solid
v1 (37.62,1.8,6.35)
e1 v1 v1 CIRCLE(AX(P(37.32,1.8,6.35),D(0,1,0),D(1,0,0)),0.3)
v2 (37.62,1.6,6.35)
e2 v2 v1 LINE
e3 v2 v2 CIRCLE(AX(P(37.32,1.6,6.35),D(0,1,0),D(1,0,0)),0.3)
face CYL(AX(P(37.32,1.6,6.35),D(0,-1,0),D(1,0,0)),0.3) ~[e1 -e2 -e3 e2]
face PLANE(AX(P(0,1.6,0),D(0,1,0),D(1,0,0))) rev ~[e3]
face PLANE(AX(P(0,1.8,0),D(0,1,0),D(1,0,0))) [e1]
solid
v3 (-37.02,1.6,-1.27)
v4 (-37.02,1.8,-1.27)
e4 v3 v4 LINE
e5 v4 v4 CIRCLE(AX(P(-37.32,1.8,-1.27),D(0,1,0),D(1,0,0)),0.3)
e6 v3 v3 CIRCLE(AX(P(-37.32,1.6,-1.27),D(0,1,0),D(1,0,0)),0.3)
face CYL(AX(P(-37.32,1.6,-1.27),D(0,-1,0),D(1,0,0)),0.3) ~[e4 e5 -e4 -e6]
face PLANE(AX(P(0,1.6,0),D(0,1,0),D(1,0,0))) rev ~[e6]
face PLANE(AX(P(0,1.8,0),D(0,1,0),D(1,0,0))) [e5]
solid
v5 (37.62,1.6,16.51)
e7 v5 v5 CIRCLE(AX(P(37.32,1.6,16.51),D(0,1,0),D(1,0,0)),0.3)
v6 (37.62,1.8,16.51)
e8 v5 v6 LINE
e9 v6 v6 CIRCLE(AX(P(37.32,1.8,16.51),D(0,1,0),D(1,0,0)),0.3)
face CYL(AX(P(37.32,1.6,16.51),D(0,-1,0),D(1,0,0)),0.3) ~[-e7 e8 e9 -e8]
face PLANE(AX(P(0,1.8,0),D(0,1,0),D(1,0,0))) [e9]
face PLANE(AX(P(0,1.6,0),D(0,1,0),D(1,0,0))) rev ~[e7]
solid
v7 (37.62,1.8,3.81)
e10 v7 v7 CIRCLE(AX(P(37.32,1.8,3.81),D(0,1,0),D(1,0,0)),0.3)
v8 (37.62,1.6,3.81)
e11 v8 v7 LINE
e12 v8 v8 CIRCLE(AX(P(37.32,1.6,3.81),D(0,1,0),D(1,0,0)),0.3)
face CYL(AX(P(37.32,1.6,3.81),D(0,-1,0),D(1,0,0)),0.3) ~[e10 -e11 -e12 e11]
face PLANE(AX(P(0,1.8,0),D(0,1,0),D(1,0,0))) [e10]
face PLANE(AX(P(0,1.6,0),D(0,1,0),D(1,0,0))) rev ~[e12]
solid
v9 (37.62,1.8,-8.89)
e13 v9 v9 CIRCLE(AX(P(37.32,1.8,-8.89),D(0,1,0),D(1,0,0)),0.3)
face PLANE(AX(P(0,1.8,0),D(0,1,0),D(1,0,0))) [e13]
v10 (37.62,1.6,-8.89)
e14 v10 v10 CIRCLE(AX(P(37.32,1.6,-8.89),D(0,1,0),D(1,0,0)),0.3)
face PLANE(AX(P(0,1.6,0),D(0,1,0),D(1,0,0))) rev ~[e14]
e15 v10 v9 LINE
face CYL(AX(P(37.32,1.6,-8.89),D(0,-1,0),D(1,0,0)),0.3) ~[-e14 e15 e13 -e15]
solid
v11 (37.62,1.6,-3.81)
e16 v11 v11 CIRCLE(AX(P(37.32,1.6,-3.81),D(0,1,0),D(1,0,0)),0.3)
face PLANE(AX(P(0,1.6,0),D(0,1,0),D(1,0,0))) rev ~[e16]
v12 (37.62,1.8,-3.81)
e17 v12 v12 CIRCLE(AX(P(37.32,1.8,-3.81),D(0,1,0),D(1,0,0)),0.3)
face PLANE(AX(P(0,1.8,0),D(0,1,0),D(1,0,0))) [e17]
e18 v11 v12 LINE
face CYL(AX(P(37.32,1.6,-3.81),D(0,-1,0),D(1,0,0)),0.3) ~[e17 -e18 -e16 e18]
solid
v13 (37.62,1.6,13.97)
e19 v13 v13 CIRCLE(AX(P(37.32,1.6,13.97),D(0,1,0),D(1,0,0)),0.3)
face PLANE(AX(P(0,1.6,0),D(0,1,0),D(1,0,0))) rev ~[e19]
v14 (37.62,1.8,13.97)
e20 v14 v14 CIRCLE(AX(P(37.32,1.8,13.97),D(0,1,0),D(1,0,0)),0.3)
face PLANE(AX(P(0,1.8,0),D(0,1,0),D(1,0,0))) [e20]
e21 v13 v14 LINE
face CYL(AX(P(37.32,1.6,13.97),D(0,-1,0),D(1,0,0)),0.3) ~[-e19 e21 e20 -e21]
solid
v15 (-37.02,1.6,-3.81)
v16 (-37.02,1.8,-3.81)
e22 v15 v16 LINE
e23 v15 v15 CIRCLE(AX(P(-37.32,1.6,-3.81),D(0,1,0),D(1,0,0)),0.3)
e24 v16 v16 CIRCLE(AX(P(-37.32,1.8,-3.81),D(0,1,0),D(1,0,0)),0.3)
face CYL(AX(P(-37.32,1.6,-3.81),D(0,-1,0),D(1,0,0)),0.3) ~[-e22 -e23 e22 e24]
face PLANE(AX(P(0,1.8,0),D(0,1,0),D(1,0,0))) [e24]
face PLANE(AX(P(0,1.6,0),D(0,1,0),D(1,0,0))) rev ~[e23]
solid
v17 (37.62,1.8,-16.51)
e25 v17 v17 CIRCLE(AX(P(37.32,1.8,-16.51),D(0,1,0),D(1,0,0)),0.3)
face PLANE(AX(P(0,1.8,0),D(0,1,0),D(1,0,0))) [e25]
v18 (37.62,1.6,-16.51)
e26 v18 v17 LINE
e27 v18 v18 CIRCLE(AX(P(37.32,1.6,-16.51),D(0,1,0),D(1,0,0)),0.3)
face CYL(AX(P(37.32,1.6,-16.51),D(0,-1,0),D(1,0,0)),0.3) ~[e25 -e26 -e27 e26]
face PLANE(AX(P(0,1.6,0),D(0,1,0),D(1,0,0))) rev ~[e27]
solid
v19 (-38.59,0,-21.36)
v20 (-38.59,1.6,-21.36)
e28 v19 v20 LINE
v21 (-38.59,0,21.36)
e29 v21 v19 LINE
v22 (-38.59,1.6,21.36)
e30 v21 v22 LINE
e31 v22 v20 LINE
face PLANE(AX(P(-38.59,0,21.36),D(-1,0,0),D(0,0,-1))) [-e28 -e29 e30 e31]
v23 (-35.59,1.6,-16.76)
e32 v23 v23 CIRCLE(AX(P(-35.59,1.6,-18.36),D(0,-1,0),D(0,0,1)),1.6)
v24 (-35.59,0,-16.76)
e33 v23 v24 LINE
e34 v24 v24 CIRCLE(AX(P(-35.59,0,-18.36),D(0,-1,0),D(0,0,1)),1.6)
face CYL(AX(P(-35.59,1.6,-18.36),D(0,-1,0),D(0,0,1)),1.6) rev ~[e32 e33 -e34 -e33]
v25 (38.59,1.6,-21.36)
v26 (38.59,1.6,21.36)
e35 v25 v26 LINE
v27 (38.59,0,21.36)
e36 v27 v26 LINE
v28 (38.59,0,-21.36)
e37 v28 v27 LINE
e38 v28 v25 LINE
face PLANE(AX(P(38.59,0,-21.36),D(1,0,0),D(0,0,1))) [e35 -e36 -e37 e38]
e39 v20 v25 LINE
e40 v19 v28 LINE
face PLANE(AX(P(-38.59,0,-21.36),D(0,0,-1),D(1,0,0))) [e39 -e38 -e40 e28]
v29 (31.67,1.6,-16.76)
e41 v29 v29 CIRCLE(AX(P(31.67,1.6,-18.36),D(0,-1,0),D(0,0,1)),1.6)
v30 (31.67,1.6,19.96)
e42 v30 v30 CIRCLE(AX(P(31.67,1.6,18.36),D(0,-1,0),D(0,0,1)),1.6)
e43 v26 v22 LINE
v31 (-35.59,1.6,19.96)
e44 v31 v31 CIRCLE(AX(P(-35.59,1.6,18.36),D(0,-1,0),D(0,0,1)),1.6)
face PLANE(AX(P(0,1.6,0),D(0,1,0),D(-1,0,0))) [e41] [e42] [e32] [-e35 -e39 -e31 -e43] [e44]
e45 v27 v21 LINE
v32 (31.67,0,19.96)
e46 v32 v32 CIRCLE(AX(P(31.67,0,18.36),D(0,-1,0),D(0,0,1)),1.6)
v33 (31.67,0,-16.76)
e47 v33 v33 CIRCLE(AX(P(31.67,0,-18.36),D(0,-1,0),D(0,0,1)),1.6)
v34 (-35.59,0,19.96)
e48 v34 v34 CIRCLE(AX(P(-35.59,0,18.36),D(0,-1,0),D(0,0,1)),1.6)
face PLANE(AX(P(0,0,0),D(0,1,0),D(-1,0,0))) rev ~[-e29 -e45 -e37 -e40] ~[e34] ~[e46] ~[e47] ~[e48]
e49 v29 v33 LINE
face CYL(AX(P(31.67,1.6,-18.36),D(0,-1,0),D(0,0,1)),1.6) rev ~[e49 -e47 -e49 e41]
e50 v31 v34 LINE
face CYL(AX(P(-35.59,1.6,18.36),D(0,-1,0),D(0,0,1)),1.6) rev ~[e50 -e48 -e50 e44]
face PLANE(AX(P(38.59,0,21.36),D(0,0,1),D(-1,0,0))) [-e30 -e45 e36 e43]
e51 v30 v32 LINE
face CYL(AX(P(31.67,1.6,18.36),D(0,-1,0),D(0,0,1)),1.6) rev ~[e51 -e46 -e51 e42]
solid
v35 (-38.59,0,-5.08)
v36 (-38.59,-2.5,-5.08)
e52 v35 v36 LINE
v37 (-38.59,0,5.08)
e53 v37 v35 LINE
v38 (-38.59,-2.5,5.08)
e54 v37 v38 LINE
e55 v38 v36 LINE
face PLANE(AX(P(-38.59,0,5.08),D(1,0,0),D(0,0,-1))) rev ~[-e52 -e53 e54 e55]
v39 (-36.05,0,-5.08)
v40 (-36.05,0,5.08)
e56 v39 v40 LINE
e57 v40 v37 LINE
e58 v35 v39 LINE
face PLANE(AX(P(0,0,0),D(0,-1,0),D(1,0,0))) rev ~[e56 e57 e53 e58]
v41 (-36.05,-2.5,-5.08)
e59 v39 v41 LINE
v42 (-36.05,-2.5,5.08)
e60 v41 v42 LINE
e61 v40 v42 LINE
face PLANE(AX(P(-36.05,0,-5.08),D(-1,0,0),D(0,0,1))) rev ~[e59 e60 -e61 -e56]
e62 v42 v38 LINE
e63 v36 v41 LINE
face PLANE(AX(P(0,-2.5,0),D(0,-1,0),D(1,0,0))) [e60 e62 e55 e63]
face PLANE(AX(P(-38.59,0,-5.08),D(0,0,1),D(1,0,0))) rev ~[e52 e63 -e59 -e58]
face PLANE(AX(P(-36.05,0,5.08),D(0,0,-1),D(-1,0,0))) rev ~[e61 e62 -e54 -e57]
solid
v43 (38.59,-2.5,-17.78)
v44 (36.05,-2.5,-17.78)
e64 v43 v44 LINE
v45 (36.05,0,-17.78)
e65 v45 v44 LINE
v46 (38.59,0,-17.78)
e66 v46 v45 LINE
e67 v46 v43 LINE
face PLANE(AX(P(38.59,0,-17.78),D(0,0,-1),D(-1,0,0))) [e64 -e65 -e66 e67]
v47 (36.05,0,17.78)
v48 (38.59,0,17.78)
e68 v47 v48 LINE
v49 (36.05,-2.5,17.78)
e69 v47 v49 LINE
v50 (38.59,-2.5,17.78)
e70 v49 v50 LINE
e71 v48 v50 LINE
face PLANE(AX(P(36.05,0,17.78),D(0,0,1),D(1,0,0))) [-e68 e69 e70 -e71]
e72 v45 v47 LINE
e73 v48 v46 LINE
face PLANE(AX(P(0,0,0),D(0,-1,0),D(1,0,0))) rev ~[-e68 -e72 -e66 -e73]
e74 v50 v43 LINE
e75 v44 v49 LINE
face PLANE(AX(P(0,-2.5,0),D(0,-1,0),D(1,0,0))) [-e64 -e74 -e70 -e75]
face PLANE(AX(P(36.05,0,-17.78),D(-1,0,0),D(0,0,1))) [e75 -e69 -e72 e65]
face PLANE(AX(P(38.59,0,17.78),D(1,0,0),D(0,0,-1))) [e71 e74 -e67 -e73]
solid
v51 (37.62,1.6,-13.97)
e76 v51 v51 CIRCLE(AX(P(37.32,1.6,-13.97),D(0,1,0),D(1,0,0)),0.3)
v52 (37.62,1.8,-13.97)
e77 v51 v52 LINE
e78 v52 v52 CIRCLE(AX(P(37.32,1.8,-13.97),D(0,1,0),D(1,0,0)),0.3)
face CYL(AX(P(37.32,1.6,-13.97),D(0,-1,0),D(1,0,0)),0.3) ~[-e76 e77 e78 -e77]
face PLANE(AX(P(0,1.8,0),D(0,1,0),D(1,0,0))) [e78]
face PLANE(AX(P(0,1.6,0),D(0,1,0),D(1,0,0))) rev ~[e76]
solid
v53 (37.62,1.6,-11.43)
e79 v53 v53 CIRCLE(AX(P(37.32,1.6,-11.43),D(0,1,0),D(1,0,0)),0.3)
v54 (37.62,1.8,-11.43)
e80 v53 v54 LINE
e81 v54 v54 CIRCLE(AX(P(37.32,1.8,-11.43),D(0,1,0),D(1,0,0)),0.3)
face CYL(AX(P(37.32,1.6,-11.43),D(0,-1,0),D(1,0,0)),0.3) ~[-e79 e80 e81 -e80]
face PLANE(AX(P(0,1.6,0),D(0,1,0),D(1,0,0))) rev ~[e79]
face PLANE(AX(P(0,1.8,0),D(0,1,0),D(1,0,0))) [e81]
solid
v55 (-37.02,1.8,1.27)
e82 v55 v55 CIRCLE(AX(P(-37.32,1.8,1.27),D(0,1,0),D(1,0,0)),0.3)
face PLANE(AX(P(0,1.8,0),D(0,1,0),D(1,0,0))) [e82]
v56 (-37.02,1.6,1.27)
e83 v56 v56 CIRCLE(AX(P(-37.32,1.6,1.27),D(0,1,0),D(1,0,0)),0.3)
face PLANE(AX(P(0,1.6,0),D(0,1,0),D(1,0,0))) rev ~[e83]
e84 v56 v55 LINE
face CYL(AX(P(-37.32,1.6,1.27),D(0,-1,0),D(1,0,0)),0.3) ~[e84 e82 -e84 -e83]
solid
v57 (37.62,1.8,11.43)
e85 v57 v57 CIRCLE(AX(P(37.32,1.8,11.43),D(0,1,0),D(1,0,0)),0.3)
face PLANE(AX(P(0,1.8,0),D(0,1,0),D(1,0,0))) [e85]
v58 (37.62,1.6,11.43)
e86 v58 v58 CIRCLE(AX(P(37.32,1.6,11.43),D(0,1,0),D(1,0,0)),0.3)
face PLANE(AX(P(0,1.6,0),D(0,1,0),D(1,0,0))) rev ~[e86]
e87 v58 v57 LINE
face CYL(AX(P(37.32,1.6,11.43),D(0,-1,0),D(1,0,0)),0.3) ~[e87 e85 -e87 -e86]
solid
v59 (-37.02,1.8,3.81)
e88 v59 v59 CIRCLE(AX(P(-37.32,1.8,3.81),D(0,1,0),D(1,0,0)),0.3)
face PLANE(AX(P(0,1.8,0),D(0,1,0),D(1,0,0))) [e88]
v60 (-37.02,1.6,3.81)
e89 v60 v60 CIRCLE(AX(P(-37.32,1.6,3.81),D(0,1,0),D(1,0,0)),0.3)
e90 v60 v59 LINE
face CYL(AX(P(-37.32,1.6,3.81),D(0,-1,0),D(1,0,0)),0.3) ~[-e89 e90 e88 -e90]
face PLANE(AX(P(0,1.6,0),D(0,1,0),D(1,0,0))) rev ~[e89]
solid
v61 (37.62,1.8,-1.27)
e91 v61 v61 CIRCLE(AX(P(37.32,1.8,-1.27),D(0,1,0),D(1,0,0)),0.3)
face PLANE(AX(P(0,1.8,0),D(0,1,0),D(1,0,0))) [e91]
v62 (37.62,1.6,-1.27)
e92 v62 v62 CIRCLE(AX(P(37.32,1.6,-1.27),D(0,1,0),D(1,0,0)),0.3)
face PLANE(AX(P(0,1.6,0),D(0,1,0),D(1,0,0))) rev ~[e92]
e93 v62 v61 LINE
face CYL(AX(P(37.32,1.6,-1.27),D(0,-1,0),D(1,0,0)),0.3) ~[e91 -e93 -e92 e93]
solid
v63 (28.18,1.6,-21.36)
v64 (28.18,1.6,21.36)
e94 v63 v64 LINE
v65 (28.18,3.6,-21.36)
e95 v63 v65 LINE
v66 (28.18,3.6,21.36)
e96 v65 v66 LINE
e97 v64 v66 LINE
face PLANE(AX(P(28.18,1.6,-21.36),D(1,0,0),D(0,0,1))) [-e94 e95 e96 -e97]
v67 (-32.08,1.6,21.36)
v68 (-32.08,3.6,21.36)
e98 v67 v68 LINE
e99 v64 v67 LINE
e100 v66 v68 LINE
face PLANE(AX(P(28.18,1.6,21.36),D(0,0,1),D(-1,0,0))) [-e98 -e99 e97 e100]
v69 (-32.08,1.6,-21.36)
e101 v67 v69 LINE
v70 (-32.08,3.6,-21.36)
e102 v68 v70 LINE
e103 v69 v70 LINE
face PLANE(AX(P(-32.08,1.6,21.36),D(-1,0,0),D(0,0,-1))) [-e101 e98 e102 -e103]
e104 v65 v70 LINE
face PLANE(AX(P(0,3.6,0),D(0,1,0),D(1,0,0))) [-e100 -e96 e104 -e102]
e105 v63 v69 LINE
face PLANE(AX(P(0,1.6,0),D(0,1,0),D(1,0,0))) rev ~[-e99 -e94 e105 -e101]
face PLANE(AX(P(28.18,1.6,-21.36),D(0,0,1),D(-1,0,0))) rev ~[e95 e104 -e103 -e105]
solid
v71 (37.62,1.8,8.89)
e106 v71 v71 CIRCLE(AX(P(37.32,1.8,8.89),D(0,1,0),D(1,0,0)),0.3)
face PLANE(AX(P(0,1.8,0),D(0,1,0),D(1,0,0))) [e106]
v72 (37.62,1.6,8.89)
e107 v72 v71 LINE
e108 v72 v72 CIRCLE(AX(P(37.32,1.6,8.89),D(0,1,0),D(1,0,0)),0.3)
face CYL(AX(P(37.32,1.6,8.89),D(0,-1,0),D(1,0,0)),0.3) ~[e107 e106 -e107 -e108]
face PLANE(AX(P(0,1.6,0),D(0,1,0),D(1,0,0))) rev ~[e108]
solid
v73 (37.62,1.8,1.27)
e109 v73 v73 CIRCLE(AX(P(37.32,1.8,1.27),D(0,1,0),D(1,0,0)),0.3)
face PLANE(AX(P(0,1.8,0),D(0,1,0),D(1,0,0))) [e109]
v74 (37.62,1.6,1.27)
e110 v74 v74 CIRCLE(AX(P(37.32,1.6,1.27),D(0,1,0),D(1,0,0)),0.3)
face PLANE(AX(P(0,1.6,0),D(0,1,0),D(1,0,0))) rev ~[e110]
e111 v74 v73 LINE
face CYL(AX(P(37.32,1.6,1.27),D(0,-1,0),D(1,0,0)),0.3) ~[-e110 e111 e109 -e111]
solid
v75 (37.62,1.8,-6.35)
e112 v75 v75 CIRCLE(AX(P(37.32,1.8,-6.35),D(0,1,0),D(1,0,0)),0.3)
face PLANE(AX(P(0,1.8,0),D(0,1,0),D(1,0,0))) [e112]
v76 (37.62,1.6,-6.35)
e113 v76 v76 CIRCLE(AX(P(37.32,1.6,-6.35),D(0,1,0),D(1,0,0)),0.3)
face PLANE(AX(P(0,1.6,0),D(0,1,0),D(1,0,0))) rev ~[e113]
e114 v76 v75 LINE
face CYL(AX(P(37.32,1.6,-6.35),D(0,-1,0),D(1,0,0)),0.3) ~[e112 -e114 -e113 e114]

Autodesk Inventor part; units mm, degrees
ref_plane "YZ Plane" through (0, 0, 0) normal (1, 0, 0) x (0, 1, 0)
ref_plane "XZ Plane" through (0, 0, 0) normal (0, 1, 0) x (-1, 0, 0)
ref_plane "XY Plane" through (0, 0, 0) normal (0, 0, 1) x (1, 0, 0)
sketch "Sketch1" plane through (0, 0, 0) normal (0, 1, 0) x (-1, 0, 0)
  line L0 (-38.59, 21.36) -> (38.59, 21.36)
  line L1 (38.59, 21.36) -> (38.59, -21.36)
  line L2 (38.59, -21.36) -> (-38.59, -21.36)
  line L3 (-38.59, -21.36) -> (-38.59, 21.36)
  line L4 (-38.59, 21.36) -> (38.59, -21.36) construction
  line L5 (38.59, 21.36) -> (-38.59, -21.36) construction
  point P0 (0, 0)
  dimension "d0" = 42.72
  dimension "d1" = 77.18
extrude "Extrusion1" add sketch "Sketch1" along normal blind 1.6
sketch "Sketch2" plane through (0, 1.6, 0) normal (0, 1, 0) x (1, 0, 0)
  line L0 (38.59, 21.36) -> (-38.59, 21.36) projected
  line L1 (28.18, -21.36) -> (-32.08, -21.36)
  line L2 (-32.08, -21.36) -> (-32.08, 21.36)
  line L3 (-32.08, 21.36) -> (28.18, 21.36)
  line L4 (28.18, 21.36) -> (28.18, -21.36)
  line L5 (28.18, -21.36) -> (-32.08, 21.36) construction
  line L6 (-32.08, -21.36) -> (28.18, 21.36) construction
  line L7 (38.59, -21.36) -> (38.59, 21.36) projected
  line L8 (-38.59, 21.36) -> (-38.59, -21.36) projected
  dimension "d4" = 60.26
  dimension "d5" = 10.41
extrude "Extrusion2" add sketch "Sketch2" along normal blind 2 separate body
sketch "Sketch3" plane through (0, 1.6, 0) normal (0, 1, 0) x (1, 0, 0)
  line L0 (38.59, -21.36) -> (38.59, 21.36) projected
  line L1 (38.59, 21.36) -> (-38.59, 21.36) projected
  line L2 (-38.59, -21.36) -> (38.59, -21.36) projected
  line L3 (-38.59, 21.36) -> (-38.59, -21.36) projected
  point P0 (0, 0)
  point P1 (31.67, 18.36)
  point P2 (28.18, 21.36)
  point P3 (31.67, -18.36)
  point P4 (-35.59, -18.36)
  point P5 (-35.59, 18.36)
  point P6 (-32.08, -21.36)
  dimension "d8" = 6.92
  dimension "d9" = 3
  dimension "d11" = 3
  dimension "d12" = 3
hole "Hole1" at (31.67, 1.6, -18.36) at (31.67, 1.6, 18.36) at (-35.59, 1.6, 18.36) at (-35.59, 1.6, -18.36) direction (0, -1, 0) diameter 3.2 end through all bodies 1
sketch "Sketch4" plane through (0, 0, 0) normal (0, -1, 0) x (1, 0, 0)
  line L0 (36.05, 17.78) -> (38.59, 17.78)
  line L1 (38.59, 17.78) -> (38.59, -17.78)
  line L2 (38.59, -17.78) -> (36.05, -17.78)
  line L3 (36.05, -17.78) -> (36.05, 17.78)
  line L4 (38.59, 21.36) -> (38.59, -21.36) projected
  line L5 (38.59, -21.36) -> (-38.59, -21.36) projected
  line L6 (-38.59, -5.08) -> (-36.05, -5.08)
  line L7 (-36.05, -5.08) -> (-36.05, 5.08)
  line L8 (-36.05, 5.08) -> (-38.59, 5.08)
  line L9 (-38.59, 5.08) -> (-38.59, -5.08)
  line L10 (-38.59, -21.36) -> (-38.59, 21.36) projected
  point P0 (0, 0)
  point P1 (37.32, -16.51)
  dimension "d20" = 2.54
  dimension "d21" = 1.27
  dimension "d22" = 1.27
  dimension "d23" = 4.85
  dimension "d24" = 35.56
  dimension "d39" = 2.54
  dimension "d40" = 10.16
  dimension "d41" = 5.08
extrude "Extrusion3" add sketch "Sketch4" along normal blind 2.5 separate body
sketch "Sketch5" plane through (0, 1.6, 0) normal (0, 1, 0) x (1, 0, 0)
  line L0 (38.59, 21.36) -> (-38.59, 21.36) projected
  line L1 (38.59, -21.36) -> (38.59, 21.36) projected
  circle A0 centre (37.32, 16.51) radius 0.3
  circle A1 centre (37.32, 13.97) radius 0.3
  circle A2 centre (37.32, 11.43) radius 0.3
  circle A3 centre (37.32, 8.89) radius 0.3
  circle A4 centre (37.32, 6.35) radius 0.3
  circle A5 centre (37.32, 3.81) radius 0.3
  circle A6 centre (37.32, 1.27) radius 0.3
  circle A7 centre (37.32, -1.27) radius 0.3
  circle A8 centre (37.32, -3.81) radius 0.3
  circle A9 centre (37.32, -6.35) radius 0.3
  circle A10 centre (37.32, -8.89) radius 0.3
  circle A11 centre (37.32, -11.43) radius 0.3
  circle A12 centre (37.32, -13.97) radius 0.3
  circle A13 centre (37.32, -16.51) radius 0.3
  line L2 (-38.59, 21.36) -> (-38.59, -21.36) projected
  circle A14 centre (-37.32, 3.81) radius 0.3
  circle A15 centre (-37.32, 1.27) radius 0.3
  circle A16 centre (-37.32, -1.27) radius 0.3
  circle A17 centre (-37.32, -3.81) radius 0.3
  point P0 (0, 0)
  dimension "d27" = 4.85
  dimension "d28" = 1.27
  dimension "d29" = 0.6
  dimension "d32" = 2.54
  dimension "d42" = 1.27
  dimension "d43" = 3.81
  dimension "d47" = 2.54
extrude "Extrusion4" add sketch "Sketch5" along normal blind 0.2 separate body
properties part number "LCD9341"
